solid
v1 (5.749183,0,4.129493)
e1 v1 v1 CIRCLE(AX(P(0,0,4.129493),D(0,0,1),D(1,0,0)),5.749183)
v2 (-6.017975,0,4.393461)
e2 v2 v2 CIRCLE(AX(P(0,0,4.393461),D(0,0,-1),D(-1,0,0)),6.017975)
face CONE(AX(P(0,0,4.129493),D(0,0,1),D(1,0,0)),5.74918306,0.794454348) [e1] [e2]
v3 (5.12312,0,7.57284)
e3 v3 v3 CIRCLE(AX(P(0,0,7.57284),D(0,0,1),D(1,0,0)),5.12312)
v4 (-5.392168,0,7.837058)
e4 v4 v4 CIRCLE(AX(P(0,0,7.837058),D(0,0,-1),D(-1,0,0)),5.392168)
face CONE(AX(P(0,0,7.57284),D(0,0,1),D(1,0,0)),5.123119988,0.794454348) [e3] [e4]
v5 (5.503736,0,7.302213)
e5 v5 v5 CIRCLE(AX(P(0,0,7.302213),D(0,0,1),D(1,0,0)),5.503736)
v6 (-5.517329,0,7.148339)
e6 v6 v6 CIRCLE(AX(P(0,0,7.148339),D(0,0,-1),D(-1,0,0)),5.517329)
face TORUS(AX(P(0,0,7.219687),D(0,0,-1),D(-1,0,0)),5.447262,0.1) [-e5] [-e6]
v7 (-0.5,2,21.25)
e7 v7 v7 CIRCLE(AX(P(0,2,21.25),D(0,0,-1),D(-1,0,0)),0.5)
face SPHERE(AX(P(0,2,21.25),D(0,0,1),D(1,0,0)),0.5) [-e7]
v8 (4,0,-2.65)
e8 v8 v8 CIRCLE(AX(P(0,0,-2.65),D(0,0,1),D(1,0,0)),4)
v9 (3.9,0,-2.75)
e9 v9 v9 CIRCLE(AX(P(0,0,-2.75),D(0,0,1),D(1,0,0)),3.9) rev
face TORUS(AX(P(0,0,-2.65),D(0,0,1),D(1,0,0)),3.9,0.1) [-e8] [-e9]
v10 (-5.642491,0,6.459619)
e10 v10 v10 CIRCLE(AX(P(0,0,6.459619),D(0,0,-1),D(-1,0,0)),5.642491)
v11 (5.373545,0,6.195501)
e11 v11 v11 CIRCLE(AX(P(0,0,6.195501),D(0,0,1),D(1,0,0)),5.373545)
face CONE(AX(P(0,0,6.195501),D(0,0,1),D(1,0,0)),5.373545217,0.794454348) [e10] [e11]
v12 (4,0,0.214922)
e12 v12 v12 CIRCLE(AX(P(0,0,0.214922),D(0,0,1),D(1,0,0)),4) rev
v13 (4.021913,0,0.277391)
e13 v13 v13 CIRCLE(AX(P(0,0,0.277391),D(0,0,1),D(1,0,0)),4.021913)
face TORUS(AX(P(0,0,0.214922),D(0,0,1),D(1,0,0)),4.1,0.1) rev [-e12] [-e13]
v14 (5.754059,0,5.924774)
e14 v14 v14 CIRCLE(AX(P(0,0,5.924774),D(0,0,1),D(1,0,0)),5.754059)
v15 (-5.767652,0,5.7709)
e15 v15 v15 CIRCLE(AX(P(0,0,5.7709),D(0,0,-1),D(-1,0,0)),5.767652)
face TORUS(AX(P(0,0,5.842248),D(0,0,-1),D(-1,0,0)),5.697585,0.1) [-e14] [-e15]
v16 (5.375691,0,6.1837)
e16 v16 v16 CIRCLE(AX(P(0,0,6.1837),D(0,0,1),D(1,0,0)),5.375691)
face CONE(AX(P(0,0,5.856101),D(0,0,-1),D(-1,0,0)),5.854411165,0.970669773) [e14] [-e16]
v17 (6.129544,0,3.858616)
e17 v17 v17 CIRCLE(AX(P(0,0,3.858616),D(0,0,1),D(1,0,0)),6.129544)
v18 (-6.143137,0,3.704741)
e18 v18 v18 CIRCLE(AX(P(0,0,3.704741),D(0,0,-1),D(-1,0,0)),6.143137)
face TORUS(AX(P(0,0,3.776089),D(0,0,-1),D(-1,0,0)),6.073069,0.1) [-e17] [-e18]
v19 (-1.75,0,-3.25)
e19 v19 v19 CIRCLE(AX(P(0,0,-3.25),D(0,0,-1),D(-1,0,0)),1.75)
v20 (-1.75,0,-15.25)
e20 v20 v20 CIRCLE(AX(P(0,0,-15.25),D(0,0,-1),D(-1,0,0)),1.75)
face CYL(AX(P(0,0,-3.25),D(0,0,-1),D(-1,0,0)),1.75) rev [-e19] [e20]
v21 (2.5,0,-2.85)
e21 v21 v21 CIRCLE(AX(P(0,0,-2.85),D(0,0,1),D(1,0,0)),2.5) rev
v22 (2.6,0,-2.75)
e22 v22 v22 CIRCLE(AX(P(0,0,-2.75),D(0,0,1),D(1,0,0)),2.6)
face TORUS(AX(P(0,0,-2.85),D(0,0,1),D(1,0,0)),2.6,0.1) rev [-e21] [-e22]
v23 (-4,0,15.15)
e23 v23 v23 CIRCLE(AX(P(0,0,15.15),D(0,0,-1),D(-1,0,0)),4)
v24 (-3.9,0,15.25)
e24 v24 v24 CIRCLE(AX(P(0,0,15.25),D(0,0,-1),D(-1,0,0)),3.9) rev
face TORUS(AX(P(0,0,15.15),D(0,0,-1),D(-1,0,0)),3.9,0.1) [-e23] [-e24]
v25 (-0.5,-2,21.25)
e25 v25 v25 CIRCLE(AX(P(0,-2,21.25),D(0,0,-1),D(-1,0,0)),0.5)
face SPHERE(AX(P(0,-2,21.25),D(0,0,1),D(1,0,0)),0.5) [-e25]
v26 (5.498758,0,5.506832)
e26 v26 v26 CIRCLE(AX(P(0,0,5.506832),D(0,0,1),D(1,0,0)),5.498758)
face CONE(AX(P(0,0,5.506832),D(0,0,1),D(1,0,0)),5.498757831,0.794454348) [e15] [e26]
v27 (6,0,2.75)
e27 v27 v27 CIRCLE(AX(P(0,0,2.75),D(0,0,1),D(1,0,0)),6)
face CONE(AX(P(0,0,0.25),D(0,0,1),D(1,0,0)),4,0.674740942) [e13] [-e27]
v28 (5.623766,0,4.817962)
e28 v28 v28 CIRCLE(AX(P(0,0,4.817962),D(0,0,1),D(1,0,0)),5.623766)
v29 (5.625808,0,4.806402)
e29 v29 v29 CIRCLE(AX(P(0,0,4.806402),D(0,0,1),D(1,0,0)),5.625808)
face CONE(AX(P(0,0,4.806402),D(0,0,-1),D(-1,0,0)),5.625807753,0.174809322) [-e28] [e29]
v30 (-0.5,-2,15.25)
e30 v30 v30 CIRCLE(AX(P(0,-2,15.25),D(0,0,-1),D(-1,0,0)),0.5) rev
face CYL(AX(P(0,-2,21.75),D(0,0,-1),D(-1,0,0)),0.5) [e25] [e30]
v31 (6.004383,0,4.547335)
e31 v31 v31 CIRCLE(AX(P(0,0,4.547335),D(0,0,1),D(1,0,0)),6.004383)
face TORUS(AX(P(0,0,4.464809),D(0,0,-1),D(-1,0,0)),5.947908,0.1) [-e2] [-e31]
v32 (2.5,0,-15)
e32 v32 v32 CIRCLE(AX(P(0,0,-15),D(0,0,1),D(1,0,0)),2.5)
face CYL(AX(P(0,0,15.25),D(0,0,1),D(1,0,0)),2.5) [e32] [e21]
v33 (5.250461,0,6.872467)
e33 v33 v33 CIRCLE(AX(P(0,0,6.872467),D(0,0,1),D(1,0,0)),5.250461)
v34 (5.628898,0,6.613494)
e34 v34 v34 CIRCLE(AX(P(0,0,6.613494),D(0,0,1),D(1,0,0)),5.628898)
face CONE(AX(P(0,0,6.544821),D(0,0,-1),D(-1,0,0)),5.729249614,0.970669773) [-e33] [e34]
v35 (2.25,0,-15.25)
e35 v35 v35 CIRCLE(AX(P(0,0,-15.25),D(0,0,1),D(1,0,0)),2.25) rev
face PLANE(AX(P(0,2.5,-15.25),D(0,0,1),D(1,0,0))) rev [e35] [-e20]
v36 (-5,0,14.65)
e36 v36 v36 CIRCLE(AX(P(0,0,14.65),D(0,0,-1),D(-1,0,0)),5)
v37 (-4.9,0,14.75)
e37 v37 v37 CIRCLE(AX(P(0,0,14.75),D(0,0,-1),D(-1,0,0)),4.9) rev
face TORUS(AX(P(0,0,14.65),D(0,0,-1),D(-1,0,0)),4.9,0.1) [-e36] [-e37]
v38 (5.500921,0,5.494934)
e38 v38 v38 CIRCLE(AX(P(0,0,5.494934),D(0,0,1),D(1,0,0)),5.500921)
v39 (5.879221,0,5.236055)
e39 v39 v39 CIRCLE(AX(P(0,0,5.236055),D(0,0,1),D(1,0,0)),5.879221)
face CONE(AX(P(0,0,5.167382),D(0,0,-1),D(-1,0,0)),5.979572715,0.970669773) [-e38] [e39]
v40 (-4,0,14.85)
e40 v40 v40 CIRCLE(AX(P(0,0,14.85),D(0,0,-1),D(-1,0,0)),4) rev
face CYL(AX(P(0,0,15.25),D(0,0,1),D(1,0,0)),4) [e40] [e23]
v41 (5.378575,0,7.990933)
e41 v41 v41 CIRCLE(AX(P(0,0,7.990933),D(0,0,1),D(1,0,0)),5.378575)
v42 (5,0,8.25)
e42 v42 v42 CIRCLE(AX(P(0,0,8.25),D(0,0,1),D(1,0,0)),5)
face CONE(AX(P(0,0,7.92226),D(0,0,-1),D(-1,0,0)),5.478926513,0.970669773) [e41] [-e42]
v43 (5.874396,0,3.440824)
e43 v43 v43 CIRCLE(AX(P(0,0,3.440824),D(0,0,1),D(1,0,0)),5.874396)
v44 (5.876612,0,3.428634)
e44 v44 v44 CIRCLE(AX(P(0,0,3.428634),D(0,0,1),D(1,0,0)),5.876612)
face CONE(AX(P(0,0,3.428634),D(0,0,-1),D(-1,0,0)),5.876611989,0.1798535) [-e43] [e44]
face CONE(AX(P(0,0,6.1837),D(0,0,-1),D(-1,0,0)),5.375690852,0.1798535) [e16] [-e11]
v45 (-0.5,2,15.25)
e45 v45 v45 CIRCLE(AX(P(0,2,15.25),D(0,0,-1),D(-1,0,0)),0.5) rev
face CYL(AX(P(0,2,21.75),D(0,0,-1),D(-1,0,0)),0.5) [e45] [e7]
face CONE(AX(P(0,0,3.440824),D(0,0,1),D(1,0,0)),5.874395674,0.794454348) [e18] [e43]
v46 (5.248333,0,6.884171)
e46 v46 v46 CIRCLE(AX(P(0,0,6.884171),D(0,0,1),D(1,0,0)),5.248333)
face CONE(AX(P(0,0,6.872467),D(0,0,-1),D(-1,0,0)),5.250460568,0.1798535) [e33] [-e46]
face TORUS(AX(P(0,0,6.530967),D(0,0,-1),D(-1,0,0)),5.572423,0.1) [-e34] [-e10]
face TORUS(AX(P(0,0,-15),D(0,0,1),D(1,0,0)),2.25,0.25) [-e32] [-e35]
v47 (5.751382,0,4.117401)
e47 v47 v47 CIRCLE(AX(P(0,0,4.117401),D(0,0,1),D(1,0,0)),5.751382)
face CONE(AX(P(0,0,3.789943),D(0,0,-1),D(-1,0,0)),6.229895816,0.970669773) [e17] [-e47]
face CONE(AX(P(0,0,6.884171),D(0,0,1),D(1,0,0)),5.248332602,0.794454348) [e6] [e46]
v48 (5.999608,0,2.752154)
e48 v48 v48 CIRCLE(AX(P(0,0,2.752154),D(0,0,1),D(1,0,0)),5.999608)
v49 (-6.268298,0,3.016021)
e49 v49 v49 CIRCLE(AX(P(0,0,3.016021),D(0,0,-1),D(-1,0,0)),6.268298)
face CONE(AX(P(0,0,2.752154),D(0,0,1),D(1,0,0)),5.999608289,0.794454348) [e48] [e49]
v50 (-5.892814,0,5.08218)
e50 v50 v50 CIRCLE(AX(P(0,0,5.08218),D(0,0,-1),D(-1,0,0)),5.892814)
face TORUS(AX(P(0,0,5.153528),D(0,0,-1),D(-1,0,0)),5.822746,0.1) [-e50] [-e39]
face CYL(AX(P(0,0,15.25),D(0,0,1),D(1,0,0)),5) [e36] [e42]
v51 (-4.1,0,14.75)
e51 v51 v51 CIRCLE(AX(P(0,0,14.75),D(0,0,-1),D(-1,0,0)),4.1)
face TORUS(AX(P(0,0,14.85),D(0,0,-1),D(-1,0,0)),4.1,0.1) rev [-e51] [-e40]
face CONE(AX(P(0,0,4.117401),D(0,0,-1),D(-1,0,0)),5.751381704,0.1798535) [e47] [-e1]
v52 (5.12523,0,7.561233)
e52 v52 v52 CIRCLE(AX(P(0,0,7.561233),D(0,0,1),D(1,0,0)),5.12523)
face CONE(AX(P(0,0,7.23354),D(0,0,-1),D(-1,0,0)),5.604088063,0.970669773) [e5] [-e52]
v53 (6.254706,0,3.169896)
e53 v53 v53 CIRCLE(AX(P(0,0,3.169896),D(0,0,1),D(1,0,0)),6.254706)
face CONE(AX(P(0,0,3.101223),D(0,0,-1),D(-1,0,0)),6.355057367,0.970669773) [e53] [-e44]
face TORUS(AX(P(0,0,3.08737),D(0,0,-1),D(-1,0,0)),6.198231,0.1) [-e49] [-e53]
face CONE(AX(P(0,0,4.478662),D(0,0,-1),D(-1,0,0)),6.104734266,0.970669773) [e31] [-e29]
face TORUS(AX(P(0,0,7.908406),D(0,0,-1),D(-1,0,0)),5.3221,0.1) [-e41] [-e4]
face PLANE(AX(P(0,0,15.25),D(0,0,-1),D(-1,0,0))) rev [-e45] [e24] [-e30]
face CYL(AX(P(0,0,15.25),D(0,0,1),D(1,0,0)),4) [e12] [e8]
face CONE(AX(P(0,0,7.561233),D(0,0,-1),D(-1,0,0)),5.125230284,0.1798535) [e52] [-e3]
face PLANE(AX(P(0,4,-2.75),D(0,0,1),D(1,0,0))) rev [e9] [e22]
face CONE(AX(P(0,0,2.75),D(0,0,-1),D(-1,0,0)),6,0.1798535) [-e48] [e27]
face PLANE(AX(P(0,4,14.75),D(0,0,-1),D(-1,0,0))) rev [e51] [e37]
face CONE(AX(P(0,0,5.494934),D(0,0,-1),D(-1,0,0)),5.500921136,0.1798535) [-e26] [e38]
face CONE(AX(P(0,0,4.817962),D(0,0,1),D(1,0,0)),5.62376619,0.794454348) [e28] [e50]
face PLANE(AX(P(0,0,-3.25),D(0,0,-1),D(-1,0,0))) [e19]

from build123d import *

# Parameters (mm, degrees)
SKETCH2_R           = 1.75
CUT_EXTRUDE1_DEPTH  = 12
FILLET1_R           = 0.1
FILLET2_R           = 0.25
FILLET3_R           = 0.1
SKETCH3_R           = 0.5
BOSS_EXTRUDE1_DEPTH = 6.5
FILLET4_R           = 0.5


with BuildPart() as part:
    # Sketch1 → Revolve1 (revolve)
    with BuildSketch(Plane(origin=(0, 0, 0), x_dir=(0, 0, -1), z_dir=(1, 0, 0))):
        Polygon((-15.25, 0), (15.25, 0), (15.25, 2.5), (2.75, 2.5), (2.75, 4), (-0.25, 4), (-2.75, 6), (-2.752154412, 5.999608289), (-3.101223072, 6.355057367), (-3.428634063, 5.876611989), (-3.440823791, 5.874395674), (-3.789942599, 6.229895816), (-4.117400625, 5.751381704), (-4.12949317, 5.74918306), (-4.478662125, 6.104734266), (-4.806402367, 5.625807753), (-4.817961961, 5.62376619), (-5.167381652, 5.979572715), (-5.49493375, 5.500921136), (-5.506831929, 5.498757831), (-5.856101178, 5.854411165), (-6.183700313, 5.375690852), (-6.195501308, 5.373545217), (-6.544820705, 5.729249614), (-6.872466875, 5.250460568), (-6.884170687, 5.248332602), (-7.233540232, 5.604088063), (-7.561233438, 5.125230284), (-7.572840067, 5.123119988), (-7.922259758, 5.478926513), (-8.25, 5), (-14.75, 5), (-14.75, 4), (-15.25, 4), align=None)
    revolve(axis=Axis((0, 0, 15.25), (0, 0, -1)))

    # Sketch2 → Cut-Extrude1 (cut)
    with BuildSketch(Plane(origin=(0, 0, -15.25), x_dir=(-1, 0, 0), z_dir=(0, 0, -1))):
        Circle(SKETCH2_R)
    extrude(amount=-CUT_EXTRUDE1_DEPTH, mode=Mode.SUBTRACT)

    # Fillet1
    fillet1_edges = [part.edges().sort_by_distance(p)[0] for p in [
        (0, -6.355057367, 3.101223072),
        (0, -6.229895816, 3.789942599),
        (0, -6.104734266, 4.478662125),
        (0, -5.979572715, 5.167381652),
        (0, -5.854411165, 5.856101178),
        (0, -5.729249614, 6.544820705),
        (0, -5.604088063, 7.233540232),
        (0, -5.478926513, 7.922259758),
    ]]
    fillet(fillet1_edges, radius=FILLET1_R)

    # Fillet2
    fillet2_edges = [part.edges().sort_by_distance(p)[0] for p in [
        (0, -2.5, -15.25),
    ]]
    fillet(fillet2_edges, radius=FILLET2_R)

    # Fillet3
    fillet3_edges = [part.edges().sort_by_distance(p)[0] for p in [
        (0, -2.5, -2.75),
        (0, -4, -2.75),
        (0, -4, 0.25),
        (0, -5, 14.75),
        (0, -4, 14.75),
        (0, -4, 15.25),
    ]]
    fillet(fillet3_edges, radius=FILLET3_R)

    # Sketch3 → Boss-Extrude1 (add)
    with BuildSketch(Plane.XY.offset(15.25)):
        with Locations((0, 2)):
            Circle(SKETCH3_R)
        with Locations((0, -2)):
            Circle(SKETCH3_R)
    extrude(amount=BOSS_EXTRUDE1_DEPTH)

    # Fillet4
    fillet4_edges = [part.edges().sort_by_distance(p)[0] for p in [
        (-0.5, 2, 21.75),
        (-0.5, -2, 21.75),
    ]]
    fillet(fillet4_edges, radius=FILLET4_R)


solid = part.part
